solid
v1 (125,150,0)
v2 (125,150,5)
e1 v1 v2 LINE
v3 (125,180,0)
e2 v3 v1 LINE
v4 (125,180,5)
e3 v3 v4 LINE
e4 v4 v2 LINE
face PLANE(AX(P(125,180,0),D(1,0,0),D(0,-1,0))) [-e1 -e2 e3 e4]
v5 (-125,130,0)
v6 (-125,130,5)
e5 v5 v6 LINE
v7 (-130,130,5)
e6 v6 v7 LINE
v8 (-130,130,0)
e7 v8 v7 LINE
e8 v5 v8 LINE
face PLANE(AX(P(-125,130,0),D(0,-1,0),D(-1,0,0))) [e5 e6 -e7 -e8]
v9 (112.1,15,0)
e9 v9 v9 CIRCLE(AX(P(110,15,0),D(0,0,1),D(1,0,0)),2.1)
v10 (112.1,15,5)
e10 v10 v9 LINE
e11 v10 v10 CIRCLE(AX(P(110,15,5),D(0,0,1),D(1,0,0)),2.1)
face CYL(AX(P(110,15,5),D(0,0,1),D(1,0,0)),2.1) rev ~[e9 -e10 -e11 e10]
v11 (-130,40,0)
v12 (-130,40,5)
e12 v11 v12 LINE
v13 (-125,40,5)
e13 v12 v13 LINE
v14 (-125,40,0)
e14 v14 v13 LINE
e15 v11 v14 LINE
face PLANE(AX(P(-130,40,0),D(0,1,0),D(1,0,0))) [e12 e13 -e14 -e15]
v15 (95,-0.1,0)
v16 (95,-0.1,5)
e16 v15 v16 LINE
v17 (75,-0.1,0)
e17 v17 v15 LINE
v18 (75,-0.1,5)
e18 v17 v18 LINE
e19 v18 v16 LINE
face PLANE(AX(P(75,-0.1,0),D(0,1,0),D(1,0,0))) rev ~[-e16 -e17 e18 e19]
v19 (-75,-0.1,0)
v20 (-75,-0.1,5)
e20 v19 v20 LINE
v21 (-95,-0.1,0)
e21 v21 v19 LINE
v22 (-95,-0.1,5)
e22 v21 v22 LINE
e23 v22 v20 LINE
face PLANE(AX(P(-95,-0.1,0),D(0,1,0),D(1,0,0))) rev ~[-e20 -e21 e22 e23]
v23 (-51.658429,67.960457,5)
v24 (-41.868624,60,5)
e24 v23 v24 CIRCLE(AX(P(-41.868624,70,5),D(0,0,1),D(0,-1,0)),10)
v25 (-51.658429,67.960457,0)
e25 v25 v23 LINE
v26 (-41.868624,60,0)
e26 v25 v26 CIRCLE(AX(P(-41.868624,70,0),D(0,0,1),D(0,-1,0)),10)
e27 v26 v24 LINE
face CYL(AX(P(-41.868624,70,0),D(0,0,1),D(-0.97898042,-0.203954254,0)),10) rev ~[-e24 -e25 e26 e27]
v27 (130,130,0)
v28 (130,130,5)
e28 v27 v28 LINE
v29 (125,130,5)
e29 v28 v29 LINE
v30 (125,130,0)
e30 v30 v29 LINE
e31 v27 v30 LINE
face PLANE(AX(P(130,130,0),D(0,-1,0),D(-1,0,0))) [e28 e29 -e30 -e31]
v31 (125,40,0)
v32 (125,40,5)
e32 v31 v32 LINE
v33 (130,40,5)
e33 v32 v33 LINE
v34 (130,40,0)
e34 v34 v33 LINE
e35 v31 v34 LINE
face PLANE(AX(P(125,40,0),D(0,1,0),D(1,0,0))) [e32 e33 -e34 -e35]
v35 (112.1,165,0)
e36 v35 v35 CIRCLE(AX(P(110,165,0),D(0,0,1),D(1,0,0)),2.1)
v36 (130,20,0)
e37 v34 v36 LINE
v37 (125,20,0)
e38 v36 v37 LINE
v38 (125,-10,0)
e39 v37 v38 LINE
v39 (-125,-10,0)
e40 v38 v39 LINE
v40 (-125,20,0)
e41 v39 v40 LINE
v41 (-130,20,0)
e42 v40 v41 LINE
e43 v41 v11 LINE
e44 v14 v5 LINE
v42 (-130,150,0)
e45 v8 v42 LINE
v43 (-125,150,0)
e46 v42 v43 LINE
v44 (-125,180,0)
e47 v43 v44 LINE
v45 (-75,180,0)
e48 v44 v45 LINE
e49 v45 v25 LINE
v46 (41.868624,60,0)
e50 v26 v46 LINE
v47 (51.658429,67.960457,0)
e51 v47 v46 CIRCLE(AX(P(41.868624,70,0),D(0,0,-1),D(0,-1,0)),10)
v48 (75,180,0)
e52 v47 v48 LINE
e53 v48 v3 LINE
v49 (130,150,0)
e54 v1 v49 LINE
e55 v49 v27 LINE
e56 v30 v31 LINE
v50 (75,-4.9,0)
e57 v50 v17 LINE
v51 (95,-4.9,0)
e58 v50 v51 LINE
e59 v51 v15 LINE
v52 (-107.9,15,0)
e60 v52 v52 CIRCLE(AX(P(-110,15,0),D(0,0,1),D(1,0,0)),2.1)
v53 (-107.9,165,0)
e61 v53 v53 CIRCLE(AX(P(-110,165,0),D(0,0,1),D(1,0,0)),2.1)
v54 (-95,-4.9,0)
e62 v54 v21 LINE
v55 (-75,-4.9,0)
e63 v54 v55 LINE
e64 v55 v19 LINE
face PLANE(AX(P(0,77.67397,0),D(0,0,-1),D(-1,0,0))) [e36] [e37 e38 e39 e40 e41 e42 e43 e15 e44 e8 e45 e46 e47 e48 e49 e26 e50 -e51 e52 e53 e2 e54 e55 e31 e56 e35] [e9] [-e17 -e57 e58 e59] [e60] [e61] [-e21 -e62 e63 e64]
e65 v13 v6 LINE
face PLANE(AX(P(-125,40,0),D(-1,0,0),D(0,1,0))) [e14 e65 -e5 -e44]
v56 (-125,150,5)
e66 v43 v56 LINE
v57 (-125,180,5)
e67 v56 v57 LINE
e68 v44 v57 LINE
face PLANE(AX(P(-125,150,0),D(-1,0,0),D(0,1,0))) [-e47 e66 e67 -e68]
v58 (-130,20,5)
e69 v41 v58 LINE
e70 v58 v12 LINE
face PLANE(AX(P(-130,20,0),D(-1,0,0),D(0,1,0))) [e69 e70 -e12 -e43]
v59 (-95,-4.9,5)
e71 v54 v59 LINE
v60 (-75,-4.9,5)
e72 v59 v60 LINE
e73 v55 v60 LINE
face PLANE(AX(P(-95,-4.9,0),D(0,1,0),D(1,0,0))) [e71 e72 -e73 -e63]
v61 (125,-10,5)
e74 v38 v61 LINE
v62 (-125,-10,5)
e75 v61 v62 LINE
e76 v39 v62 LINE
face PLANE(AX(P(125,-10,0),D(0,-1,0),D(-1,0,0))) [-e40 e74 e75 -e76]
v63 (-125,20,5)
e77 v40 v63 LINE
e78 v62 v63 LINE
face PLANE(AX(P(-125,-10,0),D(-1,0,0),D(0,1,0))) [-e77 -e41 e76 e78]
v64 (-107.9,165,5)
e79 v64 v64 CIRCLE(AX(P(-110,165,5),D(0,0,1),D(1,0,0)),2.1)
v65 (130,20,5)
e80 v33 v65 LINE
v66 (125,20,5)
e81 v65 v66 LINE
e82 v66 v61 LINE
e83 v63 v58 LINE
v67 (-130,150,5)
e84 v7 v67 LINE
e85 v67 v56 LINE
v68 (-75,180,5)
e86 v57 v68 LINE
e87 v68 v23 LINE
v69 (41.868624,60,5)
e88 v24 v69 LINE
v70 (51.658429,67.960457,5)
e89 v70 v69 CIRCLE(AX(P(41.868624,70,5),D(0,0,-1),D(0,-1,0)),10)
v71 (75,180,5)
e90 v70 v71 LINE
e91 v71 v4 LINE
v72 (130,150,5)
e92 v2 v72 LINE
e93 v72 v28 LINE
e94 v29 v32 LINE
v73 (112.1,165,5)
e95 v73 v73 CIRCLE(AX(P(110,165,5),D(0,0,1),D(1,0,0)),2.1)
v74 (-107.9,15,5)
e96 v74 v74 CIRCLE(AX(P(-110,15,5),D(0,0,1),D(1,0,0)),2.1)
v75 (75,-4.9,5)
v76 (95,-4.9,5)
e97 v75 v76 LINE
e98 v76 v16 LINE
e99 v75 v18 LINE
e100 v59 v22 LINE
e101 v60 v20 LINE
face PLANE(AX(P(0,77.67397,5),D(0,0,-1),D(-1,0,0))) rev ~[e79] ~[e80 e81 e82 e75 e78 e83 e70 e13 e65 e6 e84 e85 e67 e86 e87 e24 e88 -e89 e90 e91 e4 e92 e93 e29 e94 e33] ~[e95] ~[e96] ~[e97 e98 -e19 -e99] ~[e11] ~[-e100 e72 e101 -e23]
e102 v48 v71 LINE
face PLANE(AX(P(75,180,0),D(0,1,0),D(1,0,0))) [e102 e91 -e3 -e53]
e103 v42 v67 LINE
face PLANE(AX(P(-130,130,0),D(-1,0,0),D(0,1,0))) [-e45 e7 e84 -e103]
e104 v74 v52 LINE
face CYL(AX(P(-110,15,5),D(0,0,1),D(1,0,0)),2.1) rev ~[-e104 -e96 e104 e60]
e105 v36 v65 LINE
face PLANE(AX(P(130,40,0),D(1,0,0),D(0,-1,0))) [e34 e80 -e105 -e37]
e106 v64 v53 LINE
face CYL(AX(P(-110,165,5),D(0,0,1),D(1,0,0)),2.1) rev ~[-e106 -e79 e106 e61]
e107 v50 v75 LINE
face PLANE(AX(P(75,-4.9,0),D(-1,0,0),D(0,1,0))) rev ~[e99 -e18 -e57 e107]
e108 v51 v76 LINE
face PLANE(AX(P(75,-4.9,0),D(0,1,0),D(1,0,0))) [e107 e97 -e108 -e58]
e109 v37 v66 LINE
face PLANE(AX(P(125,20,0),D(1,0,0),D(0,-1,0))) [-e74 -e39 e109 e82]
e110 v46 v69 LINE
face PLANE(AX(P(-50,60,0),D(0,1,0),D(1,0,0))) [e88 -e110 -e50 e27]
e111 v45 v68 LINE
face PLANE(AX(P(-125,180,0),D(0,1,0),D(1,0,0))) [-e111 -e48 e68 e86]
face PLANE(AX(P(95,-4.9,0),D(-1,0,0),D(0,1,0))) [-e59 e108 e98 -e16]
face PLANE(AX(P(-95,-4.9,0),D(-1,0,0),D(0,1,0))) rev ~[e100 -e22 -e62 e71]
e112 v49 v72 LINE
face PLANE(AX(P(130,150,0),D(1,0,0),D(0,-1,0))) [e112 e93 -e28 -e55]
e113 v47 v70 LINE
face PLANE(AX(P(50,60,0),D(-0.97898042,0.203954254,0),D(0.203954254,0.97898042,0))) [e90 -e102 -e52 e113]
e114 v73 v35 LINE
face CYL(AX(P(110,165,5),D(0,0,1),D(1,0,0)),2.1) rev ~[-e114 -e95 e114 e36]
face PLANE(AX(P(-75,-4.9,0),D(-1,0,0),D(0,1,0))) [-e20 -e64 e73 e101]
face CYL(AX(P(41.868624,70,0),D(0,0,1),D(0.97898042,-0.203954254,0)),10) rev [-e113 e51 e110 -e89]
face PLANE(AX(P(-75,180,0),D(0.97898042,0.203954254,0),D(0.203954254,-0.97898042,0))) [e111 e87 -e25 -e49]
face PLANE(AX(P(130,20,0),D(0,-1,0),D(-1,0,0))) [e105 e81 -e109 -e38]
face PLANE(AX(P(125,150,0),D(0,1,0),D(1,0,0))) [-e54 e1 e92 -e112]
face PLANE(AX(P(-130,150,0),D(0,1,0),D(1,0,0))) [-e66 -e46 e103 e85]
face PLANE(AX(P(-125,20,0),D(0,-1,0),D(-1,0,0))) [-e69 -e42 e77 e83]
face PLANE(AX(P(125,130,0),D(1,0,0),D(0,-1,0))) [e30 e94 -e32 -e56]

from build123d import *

# Parameters (mm, degrees)
SKETCH1_W           = 20
SKETCH1_H           = 4.8
BOSS_EXTRUDE1_DEPTH = 5
FILLET1_R           = 10
SKETCH2_R           = 2.1
CUT_EXTRUDE1_DEPTH  = 5


with BuildPart() as part:
    # Sketch1 → Boss-Extrude1 (new body)
    with BuildSketch(Plane.XY):
        Polygon((125.000000001, -10), (-124.999999999, -10), (-124.999999999, 20), (-129.999999999, 20), (-129.999999999, 40), (-124.999999999, 40), (-124.999999999, 130), (-129.999999999, 130), (-129.999999999, 150), (-124.999999999, 150), (-124.999999999, 180), (-74.999999999, 180), (-50, 60), (50, 60), (75.000000001, 180), (125.000000001, 180), (125.000000001, 150), (130.000000001, 150), (130.000000001, 130), (125.000000001, 130), (125.000000001, 40), (130.000000001, 40), (130.000000001, 20), (125.000000001, 20), align=None)
        with Locations((85.000000001, -2.5)):
            Rectangle(SKETCH1_W, SKETCH1_H, mode=Mode.SUBTRACT)
        with Locations((-84.999999999, -2.5)):
            Rectangle(SKETCH1_W, SKETCH1_H, mode=Mode.SUBTRACT)
    extrude(amount=BOSS_EXTRUDE1_DEPTH)

    # Fillet1
    fillet1_edges = [part.edges().sort_by_distance(p)[0] for p in [
        (-50, 60, 2.5),
        (50, 60, 2.5),
    ]]
    fillet(fillet1_edges, radius=FILLET1_R)

    # Sketch2 → Cut-Extrude1 (cut)
    with BuildSketch(Plane.XY.offset(5)):
        with Locations((-109.999999999, 15)):
            Circle(SKETCH2_R)
        with Locations((110.000000001, 15)):
            Circle(SKETCH2_R)
        with Locations((110.000000001, 165)):
            Circle(SKETCH2_R)
        with Locations((-109.999999999, 165)):
            Circle(SKETCH2_R)
    extrude(amount=-CUT_EXTRUDE1_DEPTH, mode=Mode.SUBTRACT)


solid = part.part
